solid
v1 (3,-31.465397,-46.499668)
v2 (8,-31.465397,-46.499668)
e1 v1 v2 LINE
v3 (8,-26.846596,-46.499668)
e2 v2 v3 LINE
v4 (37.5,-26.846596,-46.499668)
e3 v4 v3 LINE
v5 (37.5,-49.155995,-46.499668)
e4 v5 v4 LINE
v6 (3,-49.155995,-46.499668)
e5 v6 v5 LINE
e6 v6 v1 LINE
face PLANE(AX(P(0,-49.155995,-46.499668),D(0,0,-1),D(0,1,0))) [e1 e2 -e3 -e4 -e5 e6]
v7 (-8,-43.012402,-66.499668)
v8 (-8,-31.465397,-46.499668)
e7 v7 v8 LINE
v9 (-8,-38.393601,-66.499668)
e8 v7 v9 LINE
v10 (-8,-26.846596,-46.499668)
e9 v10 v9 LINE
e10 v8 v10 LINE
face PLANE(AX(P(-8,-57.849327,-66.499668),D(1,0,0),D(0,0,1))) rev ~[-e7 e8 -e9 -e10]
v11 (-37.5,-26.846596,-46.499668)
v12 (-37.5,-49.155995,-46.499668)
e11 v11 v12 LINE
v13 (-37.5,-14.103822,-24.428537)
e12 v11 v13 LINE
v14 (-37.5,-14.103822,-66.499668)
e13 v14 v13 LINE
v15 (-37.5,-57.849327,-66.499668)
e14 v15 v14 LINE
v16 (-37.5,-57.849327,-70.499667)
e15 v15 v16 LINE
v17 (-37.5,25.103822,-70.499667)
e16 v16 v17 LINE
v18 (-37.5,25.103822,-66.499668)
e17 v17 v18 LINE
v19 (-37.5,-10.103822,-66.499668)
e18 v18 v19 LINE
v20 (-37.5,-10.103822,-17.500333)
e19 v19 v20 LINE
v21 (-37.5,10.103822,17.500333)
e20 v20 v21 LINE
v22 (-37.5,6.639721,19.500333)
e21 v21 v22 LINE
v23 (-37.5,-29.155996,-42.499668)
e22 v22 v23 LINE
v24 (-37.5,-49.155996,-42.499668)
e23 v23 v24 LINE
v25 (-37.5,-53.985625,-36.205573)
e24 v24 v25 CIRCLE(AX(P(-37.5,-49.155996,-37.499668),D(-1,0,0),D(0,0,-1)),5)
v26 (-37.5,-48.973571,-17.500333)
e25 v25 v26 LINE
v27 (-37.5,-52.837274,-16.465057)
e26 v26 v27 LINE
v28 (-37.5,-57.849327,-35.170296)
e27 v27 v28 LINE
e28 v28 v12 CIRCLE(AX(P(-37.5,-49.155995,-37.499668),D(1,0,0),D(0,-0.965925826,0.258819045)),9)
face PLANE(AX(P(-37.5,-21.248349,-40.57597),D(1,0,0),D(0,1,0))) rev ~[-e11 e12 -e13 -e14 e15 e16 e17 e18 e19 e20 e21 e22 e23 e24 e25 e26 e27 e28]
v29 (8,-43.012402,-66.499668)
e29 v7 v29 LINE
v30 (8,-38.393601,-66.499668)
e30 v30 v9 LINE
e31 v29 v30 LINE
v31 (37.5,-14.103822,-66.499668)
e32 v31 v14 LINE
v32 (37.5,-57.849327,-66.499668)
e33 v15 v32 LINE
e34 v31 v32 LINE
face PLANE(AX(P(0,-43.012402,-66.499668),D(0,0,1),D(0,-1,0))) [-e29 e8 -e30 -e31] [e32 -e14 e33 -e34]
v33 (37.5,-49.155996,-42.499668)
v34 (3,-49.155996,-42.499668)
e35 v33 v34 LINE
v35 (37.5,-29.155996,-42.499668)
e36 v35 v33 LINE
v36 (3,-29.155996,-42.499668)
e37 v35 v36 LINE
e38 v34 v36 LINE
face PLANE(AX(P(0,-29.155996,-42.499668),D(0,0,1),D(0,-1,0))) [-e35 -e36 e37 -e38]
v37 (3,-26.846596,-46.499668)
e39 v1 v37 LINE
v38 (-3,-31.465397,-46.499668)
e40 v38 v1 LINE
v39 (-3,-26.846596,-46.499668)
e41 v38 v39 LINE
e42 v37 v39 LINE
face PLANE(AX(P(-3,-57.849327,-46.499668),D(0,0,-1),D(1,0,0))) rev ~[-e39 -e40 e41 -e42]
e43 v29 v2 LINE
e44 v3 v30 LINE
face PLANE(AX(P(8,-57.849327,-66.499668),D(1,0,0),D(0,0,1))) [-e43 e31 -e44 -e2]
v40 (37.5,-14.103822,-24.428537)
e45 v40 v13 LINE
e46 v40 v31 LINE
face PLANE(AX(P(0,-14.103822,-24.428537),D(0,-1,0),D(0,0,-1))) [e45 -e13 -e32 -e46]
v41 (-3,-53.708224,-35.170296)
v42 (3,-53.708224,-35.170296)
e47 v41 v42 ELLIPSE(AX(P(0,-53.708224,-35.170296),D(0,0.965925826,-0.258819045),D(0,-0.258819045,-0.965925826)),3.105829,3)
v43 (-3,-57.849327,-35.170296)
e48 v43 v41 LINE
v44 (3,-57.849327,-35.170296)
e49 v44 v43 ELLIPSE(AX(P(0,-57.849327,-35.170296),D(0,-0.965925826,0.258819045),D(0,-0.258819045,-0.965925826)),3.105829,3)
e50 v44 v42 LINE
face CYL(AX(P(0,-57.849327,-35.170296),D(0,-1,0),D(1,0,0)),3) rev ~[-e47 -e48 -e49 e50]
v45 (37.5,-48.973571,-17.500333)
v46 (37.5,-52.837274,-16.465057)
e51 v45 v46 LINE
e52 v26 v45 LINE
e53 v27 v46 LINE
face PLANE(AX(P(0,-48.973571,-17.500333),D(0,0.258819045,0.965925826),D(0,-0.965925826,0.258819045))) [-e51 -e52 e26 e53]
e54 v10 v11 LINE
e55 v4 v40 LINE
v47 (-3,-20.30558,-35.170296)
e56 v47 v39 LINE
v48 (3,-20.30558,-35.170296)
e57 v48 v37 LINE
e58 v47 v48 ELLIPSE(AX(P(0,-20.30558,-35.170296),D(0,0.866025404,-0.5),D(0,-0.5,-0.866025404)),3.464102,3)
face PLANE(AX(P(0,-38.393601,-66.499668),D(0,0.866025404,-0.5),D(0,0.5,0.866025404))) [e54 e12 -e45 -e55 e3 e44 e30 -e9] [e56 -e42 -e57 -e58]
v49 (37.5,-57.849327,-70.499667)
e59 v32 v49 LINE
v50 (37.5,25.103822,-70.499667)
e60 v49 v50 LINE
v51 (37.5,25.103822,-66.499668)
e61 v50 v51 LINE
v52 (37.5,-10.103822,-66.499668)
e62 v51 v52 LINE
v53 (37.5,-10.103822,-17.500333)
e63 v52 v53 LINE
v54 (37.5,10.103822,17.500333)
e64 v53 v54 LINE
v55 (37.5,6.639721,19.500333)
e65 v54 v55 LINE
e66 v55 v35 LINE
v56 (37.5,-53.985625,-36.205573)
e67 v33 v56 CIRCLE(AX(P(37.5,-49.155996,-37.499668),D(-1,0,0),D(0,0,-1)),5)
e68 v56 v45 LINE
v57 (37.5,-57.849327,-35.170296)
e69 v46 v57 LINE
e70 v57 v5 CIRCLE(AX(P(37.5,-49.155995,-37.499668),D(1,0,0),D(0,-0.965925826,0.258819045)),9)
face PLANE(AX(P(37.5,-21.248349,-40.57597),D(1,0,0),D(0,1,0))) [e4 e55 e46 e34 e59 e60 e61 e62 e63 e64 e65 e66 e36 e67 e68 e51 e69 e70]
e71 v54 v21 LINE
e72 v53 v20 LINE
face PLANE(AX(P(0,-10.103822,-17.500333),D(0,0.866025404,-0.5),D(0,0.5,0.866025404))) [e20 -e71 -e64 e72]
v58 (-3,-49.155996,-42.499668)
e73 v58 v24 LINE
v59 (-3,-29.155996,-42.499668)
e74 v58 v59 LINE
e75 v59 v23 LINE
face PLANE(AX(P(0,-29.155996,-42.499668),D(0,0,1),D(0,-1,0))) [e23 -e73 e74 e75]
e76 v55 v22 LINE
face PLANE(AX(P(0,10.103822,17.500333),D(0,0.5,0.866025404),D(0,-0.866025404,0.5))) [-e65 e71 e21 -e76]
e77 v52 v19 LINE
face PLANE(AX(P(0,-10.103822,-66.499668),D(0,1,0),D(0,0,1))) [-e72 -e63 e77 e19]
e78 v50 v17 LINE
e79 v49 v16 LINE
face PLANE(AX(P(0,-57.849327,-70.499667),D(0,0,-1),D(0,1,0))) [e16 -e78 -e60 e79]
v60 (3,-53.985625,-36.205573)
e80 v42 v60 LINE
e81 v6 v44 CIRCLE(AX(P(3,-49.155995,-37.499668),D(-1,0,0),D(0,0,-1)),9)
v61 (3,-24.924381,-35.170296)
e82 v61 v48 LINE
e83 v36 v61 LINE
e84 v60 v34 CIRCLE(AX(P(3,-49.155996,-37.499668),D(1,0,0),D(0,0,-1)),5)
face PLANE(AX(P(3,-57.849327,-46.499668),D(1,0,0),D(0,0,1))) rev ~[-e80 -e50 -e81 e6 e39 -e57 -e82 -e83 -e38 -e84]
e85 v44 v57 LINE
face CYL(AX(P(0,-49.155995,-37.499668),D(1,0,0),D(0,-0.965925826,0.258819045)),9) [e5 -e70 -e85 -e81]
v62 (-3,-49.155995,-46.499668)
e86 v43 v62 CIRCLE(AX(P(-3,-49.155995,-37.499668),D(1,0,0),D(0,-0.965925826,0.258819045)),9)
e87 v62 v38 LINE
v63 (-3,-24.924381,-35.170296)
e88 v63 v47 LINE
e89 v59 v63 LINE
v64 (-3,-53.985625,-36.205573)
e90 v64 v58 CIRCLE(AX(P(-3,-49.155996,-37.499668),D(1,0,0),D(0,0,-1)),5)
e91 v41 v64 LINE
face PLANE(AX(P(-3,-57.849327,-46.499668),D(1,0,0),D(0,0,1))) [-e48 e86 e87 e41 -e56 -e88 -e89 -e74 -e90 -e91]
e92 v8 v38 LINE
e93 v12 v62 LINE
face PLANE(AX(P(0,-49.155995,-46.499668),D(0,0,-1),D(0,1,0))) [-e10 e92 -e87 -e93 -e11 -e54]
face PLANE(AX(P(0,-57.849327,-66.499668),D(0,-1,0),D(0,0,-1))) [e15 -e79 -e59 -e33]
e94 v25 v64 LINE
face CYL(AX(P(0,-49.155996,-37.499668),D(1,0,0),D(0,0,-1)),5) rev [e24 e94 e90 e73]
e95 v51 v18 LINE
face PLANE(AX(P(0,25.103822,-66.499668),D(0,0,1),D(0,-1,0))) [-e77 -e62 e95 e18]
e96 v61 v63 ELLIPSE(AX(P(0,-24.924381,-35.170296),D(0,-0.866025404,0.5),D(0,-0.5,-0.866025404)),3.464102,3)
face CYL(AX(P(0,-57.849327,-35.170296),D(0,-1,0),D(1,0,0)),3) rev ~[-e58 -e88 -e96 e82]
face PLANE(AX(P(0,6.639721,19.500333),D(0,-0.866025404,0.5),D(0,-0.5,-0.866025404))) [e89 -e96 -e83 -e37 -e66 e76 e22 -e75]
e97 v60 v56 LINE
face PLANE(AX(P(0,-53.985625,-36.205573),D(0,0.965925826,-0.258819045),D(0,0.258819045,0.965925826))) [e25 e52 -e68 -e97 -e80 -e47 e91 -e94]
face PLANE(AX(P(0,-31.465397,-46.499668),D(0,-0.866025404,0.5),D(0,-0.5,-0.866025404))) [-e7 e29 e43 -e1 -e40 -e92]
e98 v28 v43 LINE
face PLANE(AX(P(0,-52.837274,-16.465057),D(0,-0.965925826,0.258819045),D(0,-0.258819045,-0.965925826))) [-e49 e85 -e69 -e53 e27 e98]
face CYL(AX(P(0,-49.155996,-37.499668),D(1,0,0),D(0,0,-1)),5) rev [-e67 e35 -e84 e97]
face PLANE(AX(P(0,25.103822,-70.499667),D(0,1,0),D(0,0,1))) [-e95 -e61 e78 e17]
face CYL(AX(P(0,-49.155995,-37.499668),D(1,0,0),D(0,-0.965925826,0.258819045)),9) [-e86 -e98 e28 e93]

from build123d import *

# Parameters (mm, degrees)
F1_DEPTH      = 37.5
F2_W          = 29.5
F2_H          = 20
F2_W_2        = 6
F2_H_2        = 11.3293714059
F3_DEPTH      = 43.7455051422
F3_DEPTH_BACK = 2


with BuildPart() as f1:
    # F0 (on Right) → F1 (new body, symmetric)
    with BuildSketch(Plane.YZ):
        with BuildLine():
            ThreePointArc((-49.1559958296, -42.4996678599), (-53.122762531, -40.5434750049), (-53.985624961, -36.2055726343))
            Line((-53.985624961, -36.2055726343), (-48.9735712256, -17.5003334434))
            Line((-48.9735712256, -17.5003334434), (-52.8372736915, -16.4650574879))
            Line((-52.8372736915, -16.4650574879), (-57.8493273667, -35.1702964539))
            ThreePointArc((-57.8493273667, -35.1702964539), (-56.2961749927, -42.9785207209), (-49.1559949301, -46.4996678599))
            Line((-49.1559949301, -46.4996678599), (-31.4653969064, -46.4996678599))
            Line((-31.4653969064, -46.4996678599), (-43.0124022901, -66.4996678599))
            Line((-43.0124022901, -66.4996678599), (-57.8493273667, -66.4996678599))
            Line((-57.8493273667, -66.4996678599), (-57.8493273667, -70.499666991))
            Line((-57.8493273667, -70.499666991), (25.1038222245, -70.499666991))
            Line((25.1038222245, -70.499666991), (25.1038222245, -66.4996678599))
            Line((25.1038222245, -66.4996678599), (-10.1038222245, -66.4996678599))
            Line((-10.1038222245, -66.4996678599), (-10.1038222245, -17.5003334434))
            Line((-10.1038222245, -17.5003334434), (10.1038222245, 17.5003334434))
            Line((10.1038222245, 17.5003334434), (6.6397213618, 19.500333009))
            Line((6.6397213618, 19.500333009), (-29.1559958296, -42.4996678599))
            Line((-29.1559958296, -42.4996678599), (-49.1559958296, -42.4996678599))
        make_face()
        Polygon((-14.1038222245, -66.4996678599), (-38.3936011399, -66.4996678599), (-14.1038222245, -24.4285366737), align=None, mode=Mode.SUBTRACT)
    extrude(amount=F1_DEPTH, both=True)

    # F2 (on face) → F3 (cut, two sides)
    with BuildSketch(Plane.XZ.offset(57.8493273667)) as f3_sk:
        with Locations((-22.75, -56.4996678599)):
            Rectangle(F2_W, F2_H)
        with Locations((22.75, -56.4996678599)):
            Rectangle(F2_W, F2_H)
        with Locations((0, -40.8349821569)):
            Rectangle(F2_W_2, F2_H_2)
        with BuildLine():
            Line((-3, -35.1702964539), (3, -35.1702964539))
            ThreePointArc((3, -35.1702964539), (0, -32.1702964539), (-3, -35.1702964539))
        make_face()
    extrude(amount=-F3_DEPTH, mode=Mode.SUBTRACT)
    extrude(f3_sk.sketch, amount=F3_DEPTH_BACK, mode=Mode.SUBTRACT)


solid = f1.part
